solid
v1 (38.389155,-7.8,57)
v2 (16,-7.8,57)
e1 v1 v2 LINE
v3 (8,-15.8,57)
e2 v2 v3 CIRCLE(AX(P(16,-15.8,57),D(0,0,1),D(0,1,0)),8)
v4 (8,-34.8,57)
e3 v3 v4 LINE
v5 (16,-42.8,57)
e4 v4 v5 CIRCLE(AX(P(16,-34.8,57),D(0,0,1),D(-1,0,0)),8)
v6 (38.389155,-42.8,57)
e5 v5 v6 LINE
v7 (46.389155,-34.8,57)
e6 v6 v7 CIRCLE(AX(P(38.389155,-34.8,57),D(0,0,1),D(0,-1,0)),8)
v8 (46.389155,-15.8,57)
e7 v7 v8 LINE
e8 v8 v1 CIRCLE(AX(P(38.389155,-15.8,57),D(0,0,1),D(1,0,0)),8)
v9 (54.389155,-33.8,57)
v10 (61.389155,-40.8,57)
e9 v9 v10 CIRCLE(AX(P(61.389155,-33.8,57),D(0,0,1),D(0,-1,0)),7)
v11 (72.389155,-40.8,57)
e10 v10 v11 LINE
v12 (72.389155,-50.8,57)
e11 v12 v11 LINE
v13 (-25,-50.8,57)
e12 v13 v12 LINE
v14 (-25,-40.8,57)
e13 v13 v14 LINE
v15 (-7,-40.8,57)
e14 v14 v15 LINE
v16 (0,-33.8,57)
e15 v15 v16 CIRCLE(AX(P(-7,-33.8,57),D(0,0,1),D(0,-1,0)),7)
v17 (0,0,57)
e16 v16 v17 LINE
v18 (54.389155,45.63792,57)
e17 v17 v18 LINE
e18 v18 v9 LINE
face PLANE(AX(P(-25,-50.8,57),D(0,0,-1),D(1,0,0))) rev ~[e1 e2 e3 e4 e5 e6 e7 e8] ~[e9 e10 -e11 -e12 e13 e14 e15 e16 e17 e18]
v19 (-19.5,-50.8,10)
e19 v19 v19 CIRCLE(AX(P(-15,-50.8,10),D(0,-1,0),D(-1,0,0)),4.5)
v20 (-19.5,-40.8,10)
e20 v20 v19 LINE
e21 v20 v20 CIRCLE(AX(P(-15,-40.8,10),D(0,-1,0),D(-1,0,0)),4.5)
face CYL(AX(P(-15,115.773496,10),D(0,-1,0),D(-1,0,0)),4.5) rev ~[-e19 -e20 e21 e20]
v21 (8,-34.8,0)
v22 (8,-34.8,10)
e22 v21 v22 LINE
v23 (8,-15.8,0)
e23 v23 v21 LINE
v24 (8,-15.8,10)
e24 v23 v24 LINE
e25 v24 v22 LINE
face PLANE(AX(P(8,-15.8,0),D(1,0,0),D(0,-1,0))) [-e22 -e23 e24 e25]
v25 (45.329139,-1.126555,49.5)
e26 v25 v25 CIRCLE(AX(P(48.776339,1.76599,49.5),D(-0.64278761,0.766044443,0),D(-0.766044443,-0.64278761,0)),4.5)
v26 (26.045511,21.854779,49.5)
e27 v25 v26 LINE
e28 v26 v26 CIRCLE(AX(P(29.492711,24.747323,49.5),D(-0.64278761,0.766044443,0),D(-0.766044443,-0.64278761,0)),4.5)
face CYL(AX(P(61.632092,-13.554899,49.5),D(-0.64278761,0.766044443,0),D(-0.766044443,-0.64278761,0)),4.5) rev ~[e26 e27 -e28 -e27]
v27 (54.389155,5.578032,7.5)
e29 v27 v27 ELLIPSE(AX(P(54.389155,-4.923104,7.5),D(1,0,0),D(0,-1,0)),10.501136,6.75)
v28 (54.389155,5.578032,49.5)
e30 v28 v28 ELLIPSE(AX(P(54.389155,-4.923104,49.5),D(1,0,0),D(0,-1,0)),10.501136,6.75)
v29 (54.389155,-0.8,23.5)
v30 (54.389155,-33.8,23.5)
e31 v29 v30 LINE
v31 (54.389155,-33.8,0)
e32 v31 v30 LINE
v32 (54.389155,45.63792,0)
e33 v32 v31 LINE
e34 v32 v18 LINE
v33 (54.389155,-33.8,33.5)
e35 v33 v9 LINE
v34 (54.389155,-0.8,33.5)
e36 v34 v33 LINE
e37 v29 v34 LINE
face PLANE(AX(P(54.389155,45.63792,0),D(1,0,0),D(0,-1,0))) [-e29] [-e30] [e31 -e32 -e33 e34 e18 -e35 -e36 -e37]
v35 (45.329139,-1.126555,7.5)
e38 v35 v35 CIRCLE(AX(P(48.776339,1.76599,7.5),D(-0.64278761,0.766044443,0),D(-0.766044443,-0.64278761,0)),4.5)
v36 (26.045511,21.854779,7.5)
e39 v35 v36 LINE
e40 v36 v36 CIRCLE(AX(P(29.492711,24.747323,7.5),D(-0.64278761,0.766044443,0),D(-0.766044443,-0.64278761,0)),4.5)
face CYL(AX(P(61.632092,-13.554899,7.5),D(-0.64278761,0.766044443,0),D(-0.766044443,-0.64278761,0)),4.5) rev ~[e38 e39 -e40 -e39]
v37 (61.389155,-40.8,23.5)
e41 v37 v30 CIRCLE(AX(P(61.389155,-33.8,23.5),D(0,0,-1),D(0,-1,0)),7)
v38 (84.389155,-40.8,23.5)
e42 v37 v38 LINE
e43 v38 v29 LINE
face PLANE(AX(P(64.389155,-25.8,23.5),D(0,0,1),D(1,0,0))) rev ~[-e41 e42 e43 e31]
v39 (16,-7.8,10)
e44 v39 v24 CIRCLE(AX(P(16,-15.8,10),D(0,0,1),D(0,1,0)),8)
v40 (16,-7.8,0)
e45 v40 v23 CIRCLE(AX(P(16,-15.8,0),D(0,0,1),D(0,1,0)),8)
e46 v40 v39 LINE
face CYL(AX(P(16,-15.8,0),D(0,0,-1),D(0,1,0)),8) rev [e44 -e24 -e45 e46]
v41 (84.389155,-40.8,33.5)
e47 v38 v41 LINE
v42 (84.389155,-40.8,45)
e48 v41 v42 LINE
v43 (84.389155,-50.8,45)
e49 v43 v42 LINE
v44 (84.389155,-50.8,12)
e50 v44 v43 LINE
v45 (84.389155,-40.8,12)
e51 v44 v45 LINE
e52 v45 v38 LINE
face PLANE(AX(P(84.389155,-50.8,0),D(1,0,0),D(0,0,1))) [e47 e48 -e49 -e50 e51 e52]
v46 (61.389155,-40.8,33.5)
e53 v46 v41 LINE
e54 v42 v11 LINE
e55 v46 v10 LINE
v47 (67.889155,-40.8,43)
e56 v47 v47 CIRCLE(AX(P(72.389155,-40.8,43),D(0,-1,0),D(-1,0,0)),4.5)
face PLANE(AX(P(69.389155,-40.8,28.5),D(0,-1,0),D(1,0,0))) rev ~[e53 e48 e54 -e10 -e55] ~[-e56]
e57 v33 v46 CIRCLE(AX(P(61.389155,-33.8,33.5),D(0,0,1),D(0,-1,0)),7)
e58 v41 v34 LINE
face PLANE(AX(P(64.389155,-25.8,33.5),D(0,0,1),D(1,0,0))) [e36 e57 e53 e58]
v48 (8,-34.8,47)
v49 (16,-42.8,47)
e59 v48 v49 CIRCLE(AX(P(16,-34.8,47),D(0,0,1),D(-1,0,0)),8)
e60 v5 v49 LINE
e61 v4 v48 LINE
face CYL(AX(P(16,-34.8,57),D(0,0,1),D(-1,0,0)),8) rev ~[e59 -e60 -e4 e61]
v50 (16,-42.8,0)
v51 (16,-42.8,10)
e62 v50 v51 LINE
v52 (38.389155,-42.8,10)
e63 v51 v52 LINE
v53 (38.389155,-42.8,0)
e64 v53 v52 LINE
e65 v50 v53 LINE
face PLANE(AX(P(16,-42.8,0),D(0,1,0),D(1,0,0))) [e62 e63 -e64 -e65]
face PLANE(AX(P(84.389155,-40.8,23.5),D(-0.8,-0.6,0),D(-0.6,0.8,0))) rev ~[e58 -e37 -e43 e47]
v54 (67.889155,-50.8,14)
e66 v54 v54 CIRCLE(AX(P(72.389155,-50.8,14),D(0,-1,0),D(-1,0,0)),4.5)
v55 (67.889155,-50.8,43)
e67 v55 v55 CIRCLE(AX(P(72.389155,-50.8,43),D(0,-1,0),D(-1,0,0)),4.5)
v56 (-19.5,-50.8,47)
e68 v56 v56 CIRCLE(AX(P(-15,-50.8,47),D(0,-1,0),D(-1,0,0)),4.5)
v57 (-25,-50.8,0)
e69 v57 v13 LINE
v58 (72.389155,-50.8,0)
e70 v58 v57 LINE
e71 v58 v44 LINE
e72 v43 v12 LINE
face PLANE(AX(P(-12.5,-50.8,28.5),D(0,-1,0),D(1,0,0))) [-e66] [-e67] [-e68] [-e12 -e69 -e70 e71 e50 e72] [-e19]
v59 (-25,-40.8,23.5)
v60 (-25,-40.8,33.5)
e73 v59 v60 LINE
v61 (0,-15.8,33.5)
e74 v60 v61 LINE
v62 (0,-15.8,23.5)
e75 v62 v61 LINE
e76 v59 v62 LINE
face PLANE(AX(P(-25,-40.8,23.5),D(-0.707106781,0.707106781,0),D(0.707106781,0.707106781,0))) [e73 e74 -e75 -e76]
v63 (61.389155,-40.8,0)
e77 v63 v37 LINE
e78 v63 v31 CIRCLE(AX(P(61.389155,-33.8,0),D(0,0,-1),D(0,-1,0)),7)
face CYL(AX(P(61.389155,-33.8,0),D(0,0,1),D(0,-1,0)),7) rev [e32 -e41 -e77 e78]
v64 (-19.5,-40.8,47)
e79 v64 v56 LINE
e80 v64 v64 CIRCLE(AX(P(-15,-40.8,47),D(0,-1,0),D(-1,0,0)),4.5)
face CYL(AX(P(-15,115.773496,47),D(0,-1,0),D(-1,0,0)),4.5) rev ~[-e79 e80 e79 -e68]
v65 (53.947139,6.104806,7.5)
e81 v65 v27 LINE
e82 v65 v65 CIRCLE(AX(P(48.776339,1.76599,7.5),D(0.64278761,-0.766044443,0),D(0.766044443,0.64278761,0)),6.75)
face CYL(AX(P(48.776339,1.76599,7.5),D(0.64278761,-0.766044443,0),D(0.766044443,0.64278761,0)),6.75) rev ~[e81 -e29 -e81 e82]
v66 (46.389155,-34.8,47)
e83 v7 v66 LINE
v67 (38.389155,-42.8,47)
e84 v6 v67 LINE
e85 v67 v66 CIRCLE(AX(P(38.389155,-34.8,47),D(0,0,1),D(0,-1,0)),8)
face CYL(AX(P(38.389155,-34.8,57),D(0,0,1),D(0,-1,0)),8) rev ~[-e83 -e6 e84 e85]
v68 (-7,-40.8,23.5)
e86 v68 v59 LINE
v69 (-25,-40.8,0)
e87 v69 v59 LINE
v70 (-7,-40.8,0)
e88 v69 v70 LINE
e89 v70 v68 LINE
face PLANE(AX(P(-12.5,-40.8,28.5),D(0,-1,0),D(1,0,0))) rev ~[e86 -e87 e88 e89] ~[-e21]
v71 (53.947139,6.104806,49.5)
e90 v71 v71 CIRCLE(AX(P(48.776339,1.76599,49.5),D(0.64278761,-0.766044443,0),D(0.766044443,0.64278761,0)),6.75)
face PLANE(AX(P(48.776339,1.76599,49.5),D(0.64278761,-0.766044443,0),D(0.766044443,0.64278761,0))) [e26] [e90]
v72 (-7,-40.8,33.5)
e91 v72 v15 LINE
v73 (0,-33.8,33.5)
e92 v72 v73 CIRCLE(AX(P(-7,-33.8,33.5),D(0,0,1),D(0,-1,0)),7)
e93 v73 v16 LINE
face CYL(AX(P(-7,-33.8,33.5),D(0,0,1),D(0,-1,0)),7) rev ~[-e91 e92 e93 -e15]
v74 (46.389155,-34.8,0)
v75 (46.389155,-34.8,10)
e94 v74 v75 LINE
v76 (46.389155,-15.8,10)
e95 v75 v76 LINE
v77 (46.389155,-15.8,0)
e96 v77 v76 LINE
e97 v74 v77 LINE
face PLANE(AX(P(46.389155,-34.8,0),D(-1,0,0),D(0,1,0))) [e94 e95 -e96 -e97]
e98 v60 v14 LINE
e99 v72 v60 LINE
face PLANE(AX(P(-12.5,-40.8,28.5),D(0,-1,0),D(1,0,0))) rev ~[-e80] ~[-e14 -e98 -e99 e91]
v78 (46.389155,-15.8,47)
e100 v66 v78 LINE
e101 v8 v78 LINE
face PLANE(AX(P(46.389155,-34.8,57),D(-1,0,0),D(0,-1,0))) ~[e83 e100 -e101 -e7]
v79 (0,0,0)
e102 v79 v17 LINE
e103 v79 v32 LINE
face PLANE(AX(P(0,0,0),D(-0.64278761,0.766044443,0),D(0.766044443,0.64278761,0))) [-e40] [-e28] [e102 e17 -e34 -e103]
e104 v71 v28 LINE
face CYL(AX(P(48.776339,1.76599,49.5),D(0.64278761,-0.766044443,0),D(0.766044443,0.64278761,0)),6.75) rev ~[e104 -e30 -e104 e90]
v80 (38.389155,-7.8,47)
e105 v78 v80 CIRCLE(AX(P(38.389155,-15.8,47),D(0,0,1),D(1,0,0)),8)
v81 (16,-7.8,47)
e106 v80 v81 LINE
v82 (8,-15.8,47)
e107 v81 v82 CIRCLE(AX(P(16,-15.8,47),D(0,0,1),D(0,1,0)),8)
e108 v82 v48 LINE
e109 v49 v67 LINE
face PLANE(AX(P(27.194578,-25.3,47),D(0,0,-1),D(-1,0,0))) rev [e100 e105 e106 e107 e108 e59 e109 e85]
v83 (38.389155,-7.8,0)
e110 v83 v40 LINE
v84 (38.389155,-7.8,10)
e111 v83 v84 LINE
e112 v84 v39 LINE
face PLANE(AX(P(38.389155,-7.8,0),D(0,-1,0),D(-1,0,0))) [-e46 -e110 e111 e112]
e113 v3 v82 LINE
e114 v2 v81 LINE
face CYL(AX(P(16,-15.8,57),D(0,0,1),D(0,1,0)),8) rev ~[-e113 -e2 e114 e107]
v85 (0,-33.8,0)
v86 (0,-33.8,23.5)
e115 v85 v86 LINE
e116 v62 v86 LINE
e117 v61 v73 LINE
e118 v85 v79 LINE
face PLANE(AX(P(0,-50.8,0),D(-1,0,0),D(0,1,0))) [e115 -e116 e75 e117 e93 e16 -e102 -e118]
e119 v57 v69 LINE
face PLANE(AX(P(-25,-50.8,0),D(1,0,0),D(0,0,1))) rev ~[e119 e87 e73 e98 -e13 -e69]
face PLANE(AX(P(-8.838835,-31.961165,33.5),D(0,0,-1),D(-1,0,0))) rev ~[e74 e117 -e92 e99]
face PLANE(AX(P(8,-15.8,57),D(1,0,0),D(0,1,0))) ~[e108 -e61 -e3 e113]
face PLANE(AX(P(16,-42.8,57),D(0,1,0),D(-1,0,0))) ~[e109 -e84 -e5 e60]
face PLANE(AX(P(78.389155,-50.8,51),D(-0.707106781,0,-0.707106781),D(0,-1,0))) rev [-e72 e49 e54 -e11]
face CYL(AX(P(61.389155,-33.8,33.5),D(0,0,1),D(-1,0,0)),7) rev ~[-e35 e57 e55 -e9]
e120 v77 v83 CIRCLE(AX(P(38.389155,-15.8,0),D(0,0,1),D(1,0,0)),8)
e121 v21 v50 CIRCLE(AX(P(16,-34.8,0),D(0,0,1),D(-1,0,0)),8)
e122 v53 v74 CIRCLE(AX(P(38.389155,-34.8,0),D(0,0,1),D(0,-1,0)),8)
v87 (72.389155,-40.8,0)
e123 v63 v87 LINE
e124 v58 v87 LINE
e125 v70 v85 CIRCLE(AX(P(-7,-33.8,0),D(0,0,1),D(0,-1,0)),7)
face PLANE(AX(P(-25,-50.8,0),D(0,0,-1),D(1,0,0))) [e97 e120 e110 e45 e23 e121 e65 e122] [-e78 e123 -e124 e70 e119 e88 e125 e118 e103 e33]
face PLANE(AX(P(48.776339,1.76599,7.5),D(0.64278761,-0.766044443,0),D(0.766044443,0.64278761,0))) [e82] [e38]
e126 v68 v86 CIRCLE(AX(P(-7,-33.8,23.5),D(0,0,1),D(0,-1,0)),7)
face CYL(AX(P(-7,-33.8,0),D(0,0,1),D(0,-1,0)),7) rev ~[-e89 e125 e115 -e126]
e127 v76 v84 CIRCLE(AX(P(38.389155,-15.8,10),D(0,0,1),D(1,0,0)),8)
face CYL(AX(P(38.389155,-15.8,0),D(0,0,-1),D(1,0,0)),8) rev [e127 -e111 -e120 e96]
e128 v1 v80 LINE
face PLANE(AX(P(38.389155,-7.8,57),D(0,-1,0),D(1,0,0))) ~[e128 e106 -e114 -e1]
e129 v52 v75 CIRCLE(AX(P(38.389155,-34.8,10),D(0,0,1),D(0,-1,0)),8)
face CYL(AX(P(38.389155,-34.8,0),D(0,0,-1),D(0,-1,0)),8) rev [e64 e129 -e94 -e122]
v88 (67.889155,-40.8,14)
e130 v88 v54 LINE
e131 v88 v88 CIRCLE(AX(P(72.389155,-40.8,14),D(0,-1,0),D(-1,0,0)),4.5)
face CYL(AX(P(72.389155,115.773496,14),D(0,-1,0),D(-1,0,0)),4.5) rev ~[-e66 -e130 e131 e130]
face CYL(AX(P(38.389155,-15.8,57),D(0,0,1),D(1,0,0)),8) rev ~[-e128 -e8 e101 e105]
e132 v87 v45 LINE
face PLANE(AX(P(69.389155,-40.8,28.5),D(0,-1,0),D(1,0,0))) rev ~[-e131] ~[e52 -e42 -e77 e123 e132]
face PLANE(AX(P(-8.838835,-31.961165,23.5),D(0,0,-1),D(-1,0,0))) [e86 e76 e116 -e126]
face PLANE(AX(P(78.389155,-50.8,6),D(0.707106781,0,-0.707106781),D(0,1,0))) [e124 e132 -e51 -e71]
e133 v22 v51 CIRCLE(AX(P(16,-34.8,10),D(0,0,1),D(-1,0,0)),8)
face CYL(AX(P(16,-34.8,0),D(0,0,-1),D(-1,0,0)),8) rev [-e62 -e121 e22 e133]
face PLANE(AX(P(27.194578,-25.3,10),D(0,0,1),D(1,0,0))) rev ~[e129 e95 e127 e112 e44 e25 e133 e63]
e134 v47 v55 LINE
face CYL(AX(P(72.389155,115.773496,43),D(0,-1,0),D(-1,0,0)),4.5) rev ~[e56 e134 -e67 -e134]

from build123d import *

# Parameters (mm, degrees)
BOSS_EXTRUDE1_DEPTH            = 57
SKETCH3_R                      = 4
CUT_EXTRUDE1_DEPTH             = 94.743374336
CBORE_FOR_M8_SHCS2_D           = 9
CBORE_FOR_M8_SHCS2_CBORE_D     = 13.5
CBORE_FOR_M8_SHCS2_CBORE_DEPTH = 20
SKETCH7_W                      = 30
SKETCH7_H                      = 57
BOSS_EXTRUDE2_DEPTH            = 10
BOSS_EXTRUDE3_DEPTH            = 5
BOSS_EXTRUDE3_DEPTH_BACK       = 5
SKETCH9_W                      = 25
SKETCH9_H                      = 57
BOSS_EXTRUDE4_DEPTH            = 10
BOSS_EXTRUDE5_DEPTH            = 5
BOSS_EXTRUDE5_DEPTH_BACK       = 5
CUT_EXTRUDE2_DEPTH             = 10
FILLET1_R                      = 7
CHAMFER1_SIZE                  = 12
M8_CLEARANCE_HOLE1_D           = 9


with BuildPart() as part:
    # Sketch2 → Boss-Extrude1 (new body)
    with BuildSketch(Plane.XY):
        Polygon((0, 0), (54.389155461, 45.637920288), (54.389155461, -50.8), (0, -50.8), align=None)
    extrude(amount=BOSS_EXTRUDE1_DEPTH)

    # Sketch3 → Cut-Extrude1 (cut, through all)
    with BuildSketch(Plane(origin=(0, 0, 0), x_dir=(0.7660444431189817, 0.6427876096865353, 0), z_dir=(-0.6427876096865353, 0.7660444431189817, 0))):
        with Locations(Location((38.5, -7.5, 0), (0, 0, 180))):
            Circle(SKETCH3_R)
        with Locations(Location((38.5, -49.5, 0), (0, 0, 180))):
            Circle(SKETCH3_R)
    extrude(amount=-CUT_EXTRUDE1_DEPTH, mode=Mode.SUBTRACT)

    # CBORE for M8 SHCS2 (through all)
    with Locations(Plane(origin=(32.139380484, -38.302222156, 0), x_dir=(0.7660444431189817, 0.6427876096865353, 0), z_dir=(0.6427876096865353, -0.7660444431189817, 0))):
        with Locations((38.5, 49.5), (38.5, 7.5)):
            CounterBoreHole(CBORE_FOR_M8_SHCS2_D / 2, CBORE_FOR_M8_SHCS2_CBORE_D / 2, CBORE_FOR_M8_SHCS2_CBORE_DEPTH)

    # Sketch7 → Boss-Extrude2 (add)
    with BuildSketch(Plane.XZ.offset(50.8)):
        with Locations((69.389155461, 28.5)):
            Rectangle(SKETCH7_W, SKETCH7_H)
    extrude(amount=-BOSS_EXTRUDE2_DEPTH)

    # Sketch8 → Boss-Extrude3 (add, two sides: drawn at the far end of the back side and taken through both)
    with BuildSketch(Plane.XY.offset(28.5).offset(-BOSS_EXTRUDE3_DEPTH_BACK)):
        Polygon((84.389155461, -40.8), (54.389155461, -0.8), (54.389155461, -40.8), align=None)
    extrude(amount=BOSS_EXTRUDE3_DEPTH + BOSS_EXTRUDE3_DEPTH_BACK)

    # Sketch9 → Boss-Extrude4 (add)
    with BuildSketch(Plane.XZ.offset(50.8)):
        with Locations((-12.5, 28.5)):
            Rectangle(SKETCH9_W, SKETCH9_H)
    extrude(amount=-BOSS_EXTRUDE4_DEPTH)

    # Sketch10 → Boss-Extrude5 (add, two sides: drawn at the far end of the back side and taken through both)
    with BuildSketch(Plane.XY.offset(28.5).offset(-BOSS_EXTRUDE5_DEPTH_BACK)):
        Polygon((-25, -40.8), (0, -15.8), (0, -40.8), align=None)
    extrude(amount=BOSS_EXTRUDE5_DEPTH + BOSS_EXTRUDE5_DEPTH_BACK)

    # Sketch11 → Cut-Extrude2 (cut)
    with BuildSketch(Plane(origin=(0, 0, 0), x_dir=(-1, 0, 0), z_dir=(0, 0, -1))):
        with BuildLine():
            Line((-38.389155461, -7.8), (-16, -7.8))
            ThreePointArc((-16, -7.8), (-10.343145751, -10.143145751), (-8, -15.8))
            Line((-8, -15.8), (-8, -34.8))
            ThreePointArc((-8, -34.8), (-10.343145751, -40.456854249), (-16, -42.8))
            Line((-16, -42.8), (-38.389155461, -42.8))
            ThreePointArc((-38.389155461, -42.8), (-44.046009711, -40.456854249), (-46.389155461, -34.8))
            Line((-46.389155461, -34.8), (-46.389155461, -15.8))
            ThreePointArc((-46.389155461, -15.8), (-44.046009711, -10.143145751), (-38.389155461, -7.8))
        make_face()
    cut_extrude2 = extrude(amount=-CUT_EXTRUDE2_DEPTH, mode=Mode.SUBTRACT)

    # Mirror1: Cut-Extrude2 across plane
    add(cut_extrude2.mirror(Plane.XY.offset(28.5)), mode=Mode.SUBTRACT)

    # Fillet1
    fillet1_edges = [part.edges().sort_by_distance(p)[0] for p in [
        (54.389155461, -40.8, 45.25),
        (54.389155461, -40.8, 11.75),
        (0, -40.8, 11.75),
        (0, -40.8, 45.25),
    ]]
    fillet(fillet1_edges, radius=FILLET1_R)

    # Chamfer1
    chamfer1_edges = [part.edges().sort_by_distance(p)[0] for p in [
        (84.389155461, -45.8, 57),
        (84.389155461, -45.8, 0),
    ]]
    chamfer(chamfer1_edges, length=CHAMFER1_SIZE)

    # M8 Clearance Hole1 (through all)
    with Locations(Plane(origin=(0, -40.8, 0), x_dir=(1, 0, 0), z_dir=(0, 1, 0))):
        with Locations((72.389155461, -43), (72.389155461, -14), (-15, -10), (-15, -47)):
            Hole(M8_CLEARANCE_HOLE1_D / 2)


solid = part.part
